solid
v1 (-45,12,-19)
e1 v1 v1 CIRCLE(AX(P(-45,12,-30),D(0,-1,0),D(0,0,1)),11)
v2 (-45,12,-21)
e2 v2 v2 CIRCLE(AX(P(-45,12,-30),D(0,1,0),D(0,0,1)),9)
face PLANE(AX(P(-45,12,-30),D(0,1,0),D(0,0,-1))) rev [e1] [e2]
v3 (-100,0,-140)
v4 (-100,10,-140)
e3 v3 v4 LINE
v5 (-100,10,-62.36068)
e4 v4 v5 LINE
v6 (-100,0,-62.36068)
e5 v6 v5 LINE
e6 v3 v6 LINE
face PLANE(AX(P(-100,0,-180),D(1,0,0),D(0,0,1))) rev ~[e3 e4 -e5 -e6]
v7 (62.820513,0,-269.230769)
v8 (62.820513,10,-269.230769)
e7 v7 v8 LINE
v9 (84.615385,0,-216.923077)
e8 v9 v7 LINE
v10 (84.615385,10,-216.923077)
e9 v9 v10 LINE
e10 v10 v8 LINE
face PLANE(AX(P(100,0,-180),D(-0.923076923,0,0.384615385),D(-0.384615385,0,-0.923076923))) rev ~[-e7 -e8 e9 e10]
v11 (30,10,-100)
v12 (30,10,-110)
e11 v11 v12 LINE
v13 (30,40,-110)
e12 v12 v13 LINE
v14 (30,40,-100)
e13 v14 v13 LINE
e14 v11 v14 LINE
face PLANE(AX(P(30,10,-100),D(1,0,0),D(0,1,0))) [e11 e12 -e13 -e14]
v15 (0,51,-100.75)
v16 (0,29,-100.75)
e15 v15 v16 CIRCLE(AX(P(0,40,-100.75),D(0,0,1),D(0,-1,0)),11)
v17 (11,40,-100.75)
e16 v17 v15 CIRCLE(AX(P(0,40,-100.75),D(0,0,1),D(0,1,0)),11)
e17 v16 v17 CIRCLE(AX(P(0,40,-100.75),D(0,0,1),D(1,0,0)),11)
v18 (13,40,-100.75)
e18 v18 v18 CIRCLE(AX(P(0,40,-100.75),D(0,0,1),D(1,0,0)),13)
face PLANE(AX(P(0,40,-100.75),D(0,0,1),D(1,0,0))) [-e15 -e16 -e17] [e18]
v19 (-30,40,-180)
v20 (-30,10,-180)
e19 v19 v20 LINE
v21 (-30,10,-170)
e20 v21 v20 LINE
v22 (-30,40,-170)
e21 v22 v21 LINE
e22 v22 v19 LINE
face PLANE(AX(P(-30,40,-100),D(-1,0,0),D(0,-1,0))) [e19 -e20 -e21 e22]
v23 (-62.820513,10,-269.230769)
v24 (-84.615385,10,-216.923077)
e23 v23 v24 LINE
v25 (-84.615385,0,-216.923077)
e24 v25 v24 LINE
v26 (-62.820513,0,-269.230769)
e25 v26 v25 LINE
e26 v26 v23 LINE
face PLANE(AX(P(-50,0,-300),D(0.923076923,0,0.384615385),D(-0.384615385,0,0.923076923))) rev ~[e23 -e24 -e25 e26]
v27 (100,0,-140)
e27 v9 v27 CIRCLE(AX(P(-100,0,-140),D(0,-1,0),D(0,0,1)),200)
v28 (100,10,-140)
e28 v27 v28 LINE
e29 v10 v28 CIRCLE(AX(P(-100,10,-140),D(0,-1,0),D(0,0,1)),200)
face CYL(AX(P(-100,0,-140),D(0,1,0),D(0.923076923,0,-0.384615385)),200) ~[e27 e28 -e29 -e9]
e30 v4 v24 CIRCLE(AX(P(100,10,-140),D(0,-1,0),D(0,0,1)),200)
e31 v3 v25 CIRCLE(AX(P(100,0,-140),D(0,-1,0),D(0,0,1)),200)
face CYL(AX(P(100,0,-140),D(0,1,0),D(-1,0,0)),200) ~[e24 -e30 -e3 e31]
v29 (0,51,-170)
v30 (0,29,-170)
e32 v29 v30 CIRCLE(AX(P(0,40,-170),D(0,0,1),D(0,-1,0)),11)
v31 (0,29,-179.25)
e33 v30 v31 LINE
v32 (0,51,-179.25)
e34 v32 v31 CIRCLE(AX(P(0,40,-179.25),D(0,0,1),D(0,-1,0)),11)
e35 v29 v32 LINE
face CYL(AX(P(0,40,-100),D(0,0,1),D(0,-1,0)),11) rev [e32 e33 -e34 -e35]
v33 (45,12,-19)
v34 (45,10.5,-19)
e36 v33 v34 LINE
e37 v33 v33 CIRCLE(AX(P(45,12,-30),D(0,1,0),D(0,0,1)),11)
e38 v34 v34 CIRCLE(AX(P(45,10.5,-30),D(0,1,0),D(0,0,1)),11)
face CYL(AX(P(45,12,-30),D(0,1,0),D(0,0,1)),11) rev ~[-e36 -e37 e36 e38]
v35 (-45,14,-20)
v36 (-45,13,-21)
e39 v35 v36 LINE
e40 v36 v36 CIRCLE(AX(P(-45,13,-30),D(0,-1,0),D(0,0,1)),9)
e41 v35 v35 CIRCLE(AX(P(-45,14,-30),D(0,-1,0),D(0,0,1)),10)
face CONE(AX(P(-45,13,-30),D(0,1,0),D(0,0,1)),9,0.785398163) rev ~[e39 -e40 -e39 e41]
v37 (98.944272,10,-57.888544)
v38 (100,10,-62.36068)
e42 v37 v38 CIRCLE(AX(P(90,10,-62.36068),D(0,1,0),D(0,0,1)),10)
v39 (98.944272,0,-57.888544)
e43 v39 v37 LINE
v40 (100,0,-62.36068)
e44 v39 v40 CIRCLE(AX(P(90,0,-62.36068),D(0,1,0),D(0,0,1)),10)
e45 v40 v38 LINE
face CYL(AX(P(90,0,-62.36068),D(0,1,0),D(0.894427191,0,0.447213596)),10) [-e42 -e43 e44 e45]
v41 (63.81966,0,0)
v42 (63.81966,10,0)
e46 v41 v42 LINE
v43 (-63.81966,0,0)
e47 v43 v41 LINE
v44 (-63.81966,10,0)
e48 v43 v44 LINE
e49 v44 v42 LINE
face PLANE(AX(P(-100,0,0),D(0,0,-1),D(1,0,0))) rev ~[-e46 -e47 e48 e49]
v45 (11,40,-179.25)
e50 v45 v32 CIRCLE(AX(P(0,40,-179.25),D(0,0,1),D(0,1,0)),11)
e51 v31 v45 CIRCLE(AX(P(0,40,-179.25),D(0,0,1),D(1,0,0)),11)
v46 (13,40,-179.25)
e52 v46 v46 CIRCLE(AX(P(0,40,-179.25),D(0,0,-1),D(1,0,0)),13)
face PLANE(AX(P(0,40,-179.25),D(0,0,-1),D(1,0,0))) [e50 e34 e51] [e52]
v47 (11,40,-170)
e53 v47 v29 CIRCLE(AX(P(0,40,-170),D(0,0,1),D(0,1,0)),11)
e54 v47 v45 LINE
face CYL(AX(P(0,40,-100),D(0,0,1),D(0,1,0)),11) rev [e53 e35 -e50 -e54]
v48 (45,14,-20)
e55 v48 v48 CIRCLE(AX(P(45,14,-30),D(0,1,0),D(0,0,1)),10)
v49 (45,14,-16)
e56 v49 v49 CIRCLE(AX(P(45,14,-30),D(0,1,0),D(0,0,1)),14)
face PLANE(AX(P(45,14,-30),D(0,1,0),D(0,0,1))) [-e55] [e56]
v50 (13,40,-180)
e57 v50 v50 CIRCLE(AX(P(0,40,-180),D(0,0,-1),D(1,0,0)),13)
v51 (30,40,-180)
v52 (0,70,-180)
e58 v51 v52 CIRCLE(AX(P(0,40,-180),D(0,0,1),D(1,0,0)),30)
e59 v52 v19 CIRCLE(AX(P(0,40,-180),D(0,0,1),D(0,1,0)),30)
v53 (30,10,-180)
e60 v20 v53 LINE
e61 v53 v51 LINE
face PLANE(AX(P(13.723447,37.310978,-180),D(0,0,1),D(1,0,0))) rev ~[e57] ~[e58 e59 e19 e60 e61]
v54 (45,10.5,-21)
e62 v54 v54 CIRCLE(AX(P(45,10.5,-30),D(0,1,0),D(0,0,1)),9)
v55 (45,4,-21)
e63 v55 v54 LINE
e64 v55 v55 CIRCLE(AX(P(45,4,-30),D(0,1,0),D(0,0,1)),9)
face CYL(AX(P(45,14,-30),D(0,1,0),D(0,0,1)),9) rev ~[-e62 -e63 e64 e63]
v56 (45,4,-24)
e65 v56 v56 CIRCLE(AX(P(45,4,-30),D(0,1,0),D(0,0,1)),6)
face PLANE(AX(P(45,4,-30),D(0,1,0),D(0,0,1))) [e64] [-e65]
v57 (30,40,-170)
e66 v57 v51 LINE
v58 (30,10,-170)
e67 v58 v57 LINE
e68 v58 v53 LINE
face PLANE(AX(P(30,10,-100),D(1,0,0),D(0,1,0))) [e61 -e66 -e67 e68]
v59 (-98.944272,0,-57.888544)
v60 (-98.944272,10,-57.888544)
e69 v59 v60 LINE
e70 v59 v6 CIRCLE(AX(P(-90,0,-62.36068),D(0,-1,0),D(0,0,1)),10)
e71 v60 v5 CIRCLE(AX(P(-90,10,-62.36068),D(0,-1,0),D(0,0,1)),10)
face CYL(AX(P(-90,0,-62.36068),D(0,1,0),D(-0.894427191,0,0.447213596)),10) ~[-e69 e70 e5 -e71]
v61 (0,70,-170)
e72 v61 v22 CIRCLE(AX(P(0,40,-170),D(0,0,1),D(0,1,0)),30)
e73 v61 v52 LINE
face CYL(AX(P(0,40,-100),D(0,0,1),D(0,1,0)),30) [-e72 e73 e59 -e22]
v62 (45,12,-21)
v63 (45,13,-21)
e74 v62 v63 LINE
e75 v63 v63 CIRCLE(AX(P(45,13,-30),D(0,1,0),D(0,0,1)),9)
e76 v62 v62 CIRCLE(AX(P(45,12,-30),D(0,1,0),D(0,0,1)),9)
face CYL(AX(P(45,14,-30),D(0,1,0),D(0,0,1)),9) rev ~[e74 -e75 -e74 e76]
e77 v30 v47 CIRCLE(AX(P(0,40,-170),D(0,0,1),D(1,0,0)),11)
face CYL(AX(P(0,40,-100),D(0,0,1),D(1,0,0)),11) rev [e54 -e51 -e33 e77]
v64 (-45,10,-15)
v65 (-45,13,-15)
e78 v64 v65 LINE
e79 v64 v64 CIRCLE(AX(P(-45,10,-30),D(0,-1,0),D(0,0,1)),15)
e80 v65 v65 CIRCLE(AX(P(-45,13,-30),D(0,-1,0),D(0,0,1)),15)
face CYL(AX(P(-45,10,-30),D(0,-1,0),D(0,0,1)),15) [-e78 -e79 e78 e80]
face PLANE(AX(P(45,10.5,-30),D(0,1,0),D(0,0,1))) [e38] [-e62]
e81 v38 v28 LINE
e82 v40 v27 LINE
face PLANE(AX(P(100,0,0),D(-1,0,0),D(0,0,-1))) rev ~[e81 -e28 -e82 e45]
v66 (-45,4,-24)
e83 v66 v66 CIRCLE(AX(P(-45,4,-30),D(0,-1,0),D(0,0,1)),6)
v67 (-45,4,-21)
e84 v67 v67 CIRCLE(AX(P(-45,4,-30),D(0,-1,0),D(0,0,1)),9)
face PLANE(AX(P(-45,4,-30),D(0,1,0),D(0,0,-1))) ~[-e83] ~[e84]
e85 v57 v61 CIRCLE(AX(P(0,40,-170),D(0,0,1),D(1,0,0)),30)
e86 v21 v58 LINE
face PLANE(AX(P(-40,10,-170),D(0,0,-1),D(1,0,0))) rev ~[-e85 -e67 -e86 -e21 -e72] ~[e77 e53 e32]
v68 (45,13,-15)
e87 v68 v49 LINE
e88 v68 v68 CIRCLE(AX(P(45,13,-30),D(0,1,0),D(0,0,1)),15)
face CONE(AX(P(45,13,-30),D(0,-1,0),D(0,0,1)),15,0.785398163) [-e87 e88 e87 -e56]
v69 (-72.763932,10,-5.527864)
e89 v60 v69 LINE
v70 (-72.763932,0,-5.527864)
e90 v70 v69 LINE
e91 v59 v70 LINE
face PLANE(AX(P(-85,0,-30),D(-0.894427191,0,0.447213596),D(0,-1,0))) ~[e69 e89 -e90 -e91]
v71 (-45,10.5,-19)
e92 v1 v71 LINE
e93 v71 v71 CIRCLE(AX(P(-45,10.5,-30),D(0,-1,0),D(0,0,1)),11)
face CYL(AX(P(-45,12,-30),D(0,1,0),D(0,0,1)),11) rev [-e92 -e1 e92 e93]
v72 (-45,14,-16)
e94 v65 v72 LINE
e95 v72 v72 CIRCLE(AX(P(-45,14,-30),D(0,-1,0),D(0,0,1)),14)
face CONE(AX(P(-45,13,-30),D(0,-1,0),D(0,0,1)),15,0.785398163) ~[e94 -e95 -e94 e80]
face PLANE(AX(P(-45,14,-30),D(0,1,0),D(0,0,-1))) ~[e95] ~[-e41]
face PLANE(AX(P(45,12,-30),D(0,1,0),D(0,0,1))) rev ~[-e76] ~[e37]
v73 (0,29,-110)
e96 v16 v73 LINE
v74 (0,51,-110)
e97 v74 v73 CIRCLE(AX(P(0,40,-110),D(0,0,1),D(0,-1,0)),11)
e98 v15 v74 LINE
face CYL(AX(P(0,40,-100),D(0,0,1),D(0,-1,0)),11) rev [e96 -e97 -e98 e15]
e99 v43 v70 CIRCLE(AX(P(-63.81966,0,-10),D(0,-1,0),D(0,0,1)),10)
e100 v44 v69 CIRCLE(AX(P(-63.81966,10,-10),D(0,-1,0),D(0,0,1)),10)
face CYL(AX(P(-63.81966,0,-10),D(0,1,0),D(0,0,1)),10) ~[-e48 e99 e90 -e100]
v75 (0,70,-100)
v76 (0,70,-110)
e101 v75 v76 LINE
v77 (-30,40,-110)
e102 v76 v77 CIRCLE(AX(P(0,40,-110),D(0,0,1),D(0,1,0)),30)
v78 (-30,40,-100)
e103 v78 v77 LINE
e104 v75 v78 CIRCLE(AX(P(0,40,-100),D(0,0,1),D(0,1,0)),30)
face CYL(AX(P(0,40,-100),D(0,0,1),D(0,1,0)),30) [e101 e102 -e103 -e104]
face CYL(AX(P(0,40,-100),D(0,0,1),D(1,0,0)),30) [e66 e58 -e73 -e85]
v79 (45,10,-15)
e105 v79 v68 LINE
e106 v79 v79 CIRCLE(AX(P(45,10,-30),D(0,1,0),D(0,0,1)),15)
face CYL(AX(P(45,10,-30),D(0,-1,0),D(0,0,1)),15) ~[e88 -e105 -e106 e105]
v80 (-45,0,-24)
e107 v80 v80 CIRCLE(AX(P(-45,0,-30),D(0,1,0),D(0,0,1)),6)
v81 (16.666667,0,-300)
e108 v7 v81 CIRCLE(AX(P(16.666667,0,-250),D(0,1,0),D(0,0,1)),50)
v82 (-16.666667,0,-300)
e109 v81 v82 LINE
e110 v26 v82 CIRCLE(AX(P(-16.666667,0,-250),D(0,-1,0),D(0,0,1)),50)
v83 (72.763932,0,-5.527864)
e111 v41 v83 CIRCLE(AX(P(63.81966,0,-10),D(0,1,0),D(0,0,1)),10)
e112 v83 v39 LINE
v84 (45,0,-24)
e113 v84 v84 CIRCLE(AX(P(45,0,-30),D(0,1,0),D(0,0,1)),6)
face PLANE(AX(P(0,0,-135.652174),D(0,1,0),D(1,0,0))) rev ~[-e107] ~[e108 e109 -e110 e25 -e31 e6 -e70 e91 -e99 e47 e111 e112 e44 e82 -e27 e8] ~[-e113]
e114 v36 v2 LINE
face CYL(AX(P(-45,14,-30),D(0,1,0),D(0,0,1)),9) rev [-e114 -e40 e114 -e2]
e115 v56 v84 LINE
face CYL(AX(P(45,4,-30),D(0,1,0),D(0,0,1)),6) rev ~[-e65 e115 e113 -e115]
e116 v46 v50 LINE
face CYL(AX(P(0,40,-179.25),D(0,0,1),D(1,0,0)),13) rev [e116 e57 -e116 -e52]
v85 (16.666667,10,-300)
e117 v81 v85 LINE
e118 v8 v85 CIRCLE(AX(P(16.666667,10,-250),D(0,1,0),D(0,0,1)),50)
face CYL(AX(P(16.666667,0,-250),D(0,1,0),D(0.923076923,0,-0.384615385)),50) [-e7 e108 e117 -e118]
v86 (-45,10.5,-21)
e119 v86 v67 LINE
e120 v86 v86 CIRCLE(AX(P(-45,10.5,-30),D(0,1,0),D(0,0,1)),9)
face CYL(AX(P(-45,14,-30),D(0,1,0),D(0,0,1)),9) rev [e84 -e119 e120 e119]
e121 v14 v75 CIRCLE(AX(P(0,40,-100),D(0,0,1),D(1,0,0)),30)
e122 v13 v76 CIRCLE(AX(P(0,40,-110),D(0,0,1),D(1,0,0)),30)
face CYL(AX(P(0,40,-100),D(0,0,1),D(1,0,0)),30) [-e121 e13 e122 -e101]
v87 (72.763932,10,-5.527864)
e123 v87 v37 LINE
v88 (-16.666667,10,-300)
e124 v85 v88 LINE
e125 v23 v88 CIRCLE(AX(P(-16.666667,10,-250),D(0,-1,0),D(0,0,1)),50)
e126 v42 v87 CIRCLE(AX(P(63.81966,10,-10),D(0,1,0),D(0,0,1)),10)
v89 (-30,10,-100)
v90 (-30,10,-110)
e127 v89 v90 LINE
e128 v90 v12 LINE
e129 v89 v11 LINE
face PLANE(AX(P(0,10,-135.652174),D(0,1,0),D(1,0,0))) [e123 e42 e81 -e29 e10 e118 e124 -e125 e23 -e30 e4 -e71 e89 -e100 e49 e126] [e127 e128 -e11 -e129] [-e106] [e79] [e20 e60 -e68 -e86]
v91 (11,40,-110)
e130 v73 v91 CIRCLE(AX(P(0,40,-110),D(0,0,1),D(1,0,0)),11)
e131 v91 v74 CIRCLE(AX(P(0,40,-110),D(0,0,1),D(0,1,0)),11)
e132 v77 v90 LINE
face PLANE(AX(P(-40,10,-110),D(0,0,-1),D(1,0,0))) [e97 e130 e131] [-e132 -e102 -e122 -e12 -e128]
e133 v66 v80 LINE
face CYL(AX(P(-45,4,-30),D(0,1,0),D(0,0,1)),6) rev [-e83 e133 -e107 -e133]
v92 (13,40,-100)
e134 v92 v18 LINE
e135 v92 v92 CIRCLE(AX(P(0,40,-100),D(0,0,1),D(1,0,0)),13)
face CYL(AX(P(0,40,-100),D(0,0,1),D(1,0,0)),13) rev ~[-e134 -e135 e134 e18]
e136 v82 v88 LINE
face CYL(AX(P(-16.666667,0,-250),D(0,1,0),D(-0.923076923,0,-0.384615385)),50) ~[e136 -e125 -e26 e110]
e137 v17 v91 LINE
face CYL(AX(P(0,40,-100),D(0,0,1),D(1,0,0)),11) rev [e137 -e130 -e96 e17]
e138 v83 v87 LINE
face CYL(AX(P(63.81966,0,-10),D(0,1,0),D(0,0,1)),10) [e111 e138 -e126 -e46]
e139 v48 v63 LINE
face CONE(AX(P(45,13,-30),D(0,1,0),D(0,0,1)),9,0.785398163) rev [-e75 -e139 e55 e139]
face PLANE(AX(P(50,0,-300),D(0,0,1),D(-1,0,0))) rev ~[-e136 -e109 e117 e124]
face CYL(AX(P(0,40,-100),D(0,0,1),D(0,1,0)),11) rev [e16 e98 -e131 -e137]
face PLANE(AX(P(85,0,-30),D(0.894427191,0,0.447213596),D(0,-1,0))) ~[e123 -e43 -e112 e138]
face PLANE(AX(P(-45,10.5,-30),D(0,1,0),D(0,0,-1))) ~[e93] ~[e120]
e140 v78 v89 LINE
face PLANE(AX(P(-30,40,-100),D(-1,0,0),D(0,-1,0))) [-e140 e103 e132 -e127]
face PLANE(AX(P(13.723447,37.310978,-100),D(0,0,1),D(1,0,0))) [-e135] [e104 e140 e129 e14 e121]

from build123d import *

# Parameters (mm, degrees)
EXTRUDE_1_DEPTH            = 10
EXTRUDE_START              = -100
EXTRUDE_3_DEPTH            = 80
SKETCH_5_W                 = 80
SKETCH_5_H                 = 60
CUT_EXTRUDE_2_DEPTH        = 110
FILLET_1_R                 = 50
FILLET_2_R                 = 200
SKETCH_7_R                 = 9
CUT_EXTRUDE_6_DEPTH        = 6
SKETCH_10_R                = 6
CUT_EXTRUDE_7_DEPTH        = 28
SKETCH_12_R                = 15
EXTRUDE_5_DEPTH            = 4
SKETCH_13_R                = 9
CUT_EXTRUDE_9_DEPTH        = 4
CUT_EXTRUDE_START          = -2
SKETCH_14_R                = 11
CUT_EXTRUDE_4144_DEPTH     = 1.5
CHAMFER_1_SIZE             = 1
CHAMFER_1_OF_MIRROR_1_SIZE = 1
SKETCH_16_R                = 13
CUT_EXTRUDE_10_DEPTH       = 0.75
CUT_EXTRUDE_START_2        = -0.75
SKETCH_17_R                = 13
CUT_EXTRUDE_11_DEPTH       = 0.75
CHAMFER_2_SIZE             = 30
CHAMFER_2_SIZE2            = 60
CHAMFER_3_SIZE             = 60
CHAMFER_3_SIZE2            = 30
FILLET_3_R                 = 10


with BuildPart() as part:
    # 草图1 → 凸台-拉伸1 (new body)
    with BuildSketch(Plane(origin=(0, 0, 0), x_dir=(1, 0, 0), z_dir=(0, 1, 0))):
        Polygon((-100, 0), (100, 0), (100, 180), (50, 300), (-50, 300), (-100, 180), align=None)
    extrude(amount=EXTRUDE_1_DEPTH)

    # 草图4 → 凸台-拉伸3 (add)
    with BuildSketch(Plane.XY.offset(EXTRUDE_START)):
        with BuildLine():
            Line((0, 29), (0, 10))
            Line((0, 10), (30, 10))
            Line((30, 10), (30, 40))
            ThreePointArc((30, 40), (21.213203436, 61.213203436), (0, 70))
            Line((0, 70), (0, 51))
            ThreePointArc((0, 51), (7.778174593, 47.778174593), (11, 40))
            ThreePointArc((11, 40), (7.778174593, 32.221825407), (0, 29))
        make_face()
        with BuildLine():
            Line((-30, 10), (0, 10))
            Line((0, 10), (0, 29))
            ThreePointArc((0, 29), (-11, 40), (0, 51))
            Line((0, 51), (0, 70))
            ThreePointArc((0, 70), (-21.213203436, 61.213203436), (-30, 40))
            Line((-30, 40), (-30, 10))
        make_face()
    extrude(amount=-EXTRUDE_3_DEPTH)

    # 草图5 → 切除-拉伸2 (cut)
    with BuildSketch(Plane(origin=(0, 10, 0), x_dir=(1, 0, 0), z_dir=(0, 1, 0))):
        with Locations((0, 140)):
            Rectangle(SKETCH_5_W, SKETCH_5_H)
    extrude(amount=CUT_EXTRUDE_2_DEPTH, mode=Mode.SUBTRACT)

    # 圆角1
    fillet_1_edges = [part.edges().sort_by_distance(p)[0] for p in [
        (-50, 5, -300),
        (50, 5, -300),
    ]]
    fillet(fillet_1_edges, radius=FILLET_1_R)

    # 圆角2
    fillet_2_edges = [part.edges().sort_by_distance(p)[0] for p in [
        (-100, 5, -180),
        (100, 5, -180),
    ]]
    fillet(fillet_2_edges, radius=FILLET_2_R)

    # 草图7 → 切除-拉伸6 (cut)
    with BuildSketch(Plane(origin=(0, 10, 0), x_dir=(1, 0, 0), z_dir=(0, 1, 0))):
        with Locations(Location((45, 30, 0), (0, 0, 270))):
            Circle(SKETCH_7_R)
    cut_extrude_6 = extrude(amount=-CUT_EXTRUDE_6_DEPTH, mode=Mode.SUBTRACT)

    # 草图10 → 切除-拉伸7 (cut)
    with BuildSketch(Plane(origin=(0, 4, 0), x_dir=(1, 0, 0), z_dir=(0, 1, 0))):
        with Locations(Location((45, 30, 0), (0, 0, 270))):
            Circle(SKETCH_10_R)
    cut_extrude_7 = extrude(amount=-CUT_EXTRUDE_7_DEPTH, mode=Mode.SUBTRACT)

    # 草图12 → 凸台-拉伸5 (add)
    with BuildSketch(Plane(origin=(0, 10, 0), x_dir=(1, 0, 0), z_dir=(0, 1, 0))):
        with Locations(Location((45, 30, 0), (0, 0, 270))):
            Circle(SKETCH_12_R)
    extrude_5 = extrude(amount=EXTRUDE_5_DEPTH)

    # 草图13 → 切除-拉伸9 (cut)
    with BuildSketch(Plane(origin=(0, 14, 0), x_dir=(1, 0, 0), z_dir=(0, 1, 0))):
        with Locations(Location((45, 30, 0), (0, 0, 270))):
            Circle(SKETCH_13_R)
    cut_extrude_9 = extrude(amount=-CUT_EXTRUDE_9_DEPTH, mode=Mode.SUBTRACT)

    # 草图14 → Cut-Extrude 4144 (cut)
    with BuildSketch(Plane(origin=(0, 14, 0), x_dir=(1, 0, 0), z_dir=(0, 1, 0)).offset(CUT_EXTRUDE_START)):
        with Locations(Location((45, 30, 0), (0, 0, 270))):
            Circle(SKETCH_14_R)
    cut_extrude_4144 = extrude(amount=-CUT_EXTRUDE_4144_DEPTH, mode=Mode.SUBTRACT)

    # 倒角1
    chamfer_1_edges = [part.edges().sort_by_distance(p)[0] for p in [
        (45, 14, -45),
        (45, 14, -39),
    ]]
    chamfer(chamfer_1_edges, length=CHAMFER_1_SIZE)

    # 镜向1: 切除-拉伸6, 切除-拉伸7, 凸台-拉伸5, 切除-拉伸9, Cut-Extrude 4144 across plane
    add(cut_extrude_6.mirror(Plane.ZY), mode=Mode.SUBTRACT)
    add(cut_extrude_7.mirror(Plane.ZY), mode=Mode.SUBTRACT)
    add(extrude_5.mirror(Plane.ZY))
    add(cut_extrude_9.mirror(Plane.ZY), mode=Mode.SUBTRACT)
    add(cut_extrude_4144.mirror(Plane.ZY), mode=Mode.SUBTRACT)

    # 倒角1 of 镜向1
    chamfer_1_of_mirror_1_edges = [part.edges().sort_by_distance(p)[0] for p in [
        (-45, 14, -45),
        (-45, 14, -39),
    ]]
    chamfer(chamfer_1_of_mirror_1_edges, length=CHAMFER_1_OF_MIRROR_1_SIZE)

    # 草图16 → 切除-拉伸10 (cut)
    with BuildSketch(Plane.XY.offset(-100)):
        with Locations((0, 40)):
            Circle(SKETCH_16_R)
    extrude(amount=-CUT_EXTRUDE_10_DEPTH, mode=Mode.SUBTRACT)

    # 草图17 → 切除-拉伸11 (cut)
    with BuildSketch(Plane(origin=(0, 0, -180), x_dir=(-1, 0, 0), z_dir=(0, 0, -1)).offset(CUT_EXTRUDE_START_2)):
        with Locations(Location((0, 40, 0), (0, 0, 180))):
            Circle(SKETCH_17_R)
    extrude(amount=CUT_EXTRUDE_11_DEPTH, mode=Mode.SUBTRACT)

    # 倒角2
    chamfer_2_edges = [part.edges().sort_by_distance(p)[0] for p in [
        (100, 5, 0),
    ]]
    chamfer_2_side = [part.faces().sort_by_distance(p)[0] for p in [
        (0, 5, 0),
    ]]
    chamfer(chamfer_2_edges, length=CHAMFER_2_SIZE, length2=CHAMFER_2_SIZE2, reference=chamfer_2_side[0])

    # 倒角3
    chamfer_3_edges = [part.edges().sort_by_distance(p)[0] for p in [
        (-100, 5, 0),
    ]]
    chamfer_3_side = [part.faces().sort_by_distance(p)[0] for p in [
        (-100, 5, -70),
    ]]
    chamfer(chamfer_3_edges, length=CHAMFER_3_SIZE, length2=CHAMFER_3_SIZE2, reference=chamfer_3_side[0])

    # 圆角3
    fillet_3_edges = [part.edges().sort_by_distance(p)[0] for p in [
        (100, 5, -60),
        (70, 5, 0),
        (-70, 5, 0),
        (-100, 5, -60),
    ]]
    fillet(fillet_3_edges, radius=FILLET_3_R)


solid = part.part
